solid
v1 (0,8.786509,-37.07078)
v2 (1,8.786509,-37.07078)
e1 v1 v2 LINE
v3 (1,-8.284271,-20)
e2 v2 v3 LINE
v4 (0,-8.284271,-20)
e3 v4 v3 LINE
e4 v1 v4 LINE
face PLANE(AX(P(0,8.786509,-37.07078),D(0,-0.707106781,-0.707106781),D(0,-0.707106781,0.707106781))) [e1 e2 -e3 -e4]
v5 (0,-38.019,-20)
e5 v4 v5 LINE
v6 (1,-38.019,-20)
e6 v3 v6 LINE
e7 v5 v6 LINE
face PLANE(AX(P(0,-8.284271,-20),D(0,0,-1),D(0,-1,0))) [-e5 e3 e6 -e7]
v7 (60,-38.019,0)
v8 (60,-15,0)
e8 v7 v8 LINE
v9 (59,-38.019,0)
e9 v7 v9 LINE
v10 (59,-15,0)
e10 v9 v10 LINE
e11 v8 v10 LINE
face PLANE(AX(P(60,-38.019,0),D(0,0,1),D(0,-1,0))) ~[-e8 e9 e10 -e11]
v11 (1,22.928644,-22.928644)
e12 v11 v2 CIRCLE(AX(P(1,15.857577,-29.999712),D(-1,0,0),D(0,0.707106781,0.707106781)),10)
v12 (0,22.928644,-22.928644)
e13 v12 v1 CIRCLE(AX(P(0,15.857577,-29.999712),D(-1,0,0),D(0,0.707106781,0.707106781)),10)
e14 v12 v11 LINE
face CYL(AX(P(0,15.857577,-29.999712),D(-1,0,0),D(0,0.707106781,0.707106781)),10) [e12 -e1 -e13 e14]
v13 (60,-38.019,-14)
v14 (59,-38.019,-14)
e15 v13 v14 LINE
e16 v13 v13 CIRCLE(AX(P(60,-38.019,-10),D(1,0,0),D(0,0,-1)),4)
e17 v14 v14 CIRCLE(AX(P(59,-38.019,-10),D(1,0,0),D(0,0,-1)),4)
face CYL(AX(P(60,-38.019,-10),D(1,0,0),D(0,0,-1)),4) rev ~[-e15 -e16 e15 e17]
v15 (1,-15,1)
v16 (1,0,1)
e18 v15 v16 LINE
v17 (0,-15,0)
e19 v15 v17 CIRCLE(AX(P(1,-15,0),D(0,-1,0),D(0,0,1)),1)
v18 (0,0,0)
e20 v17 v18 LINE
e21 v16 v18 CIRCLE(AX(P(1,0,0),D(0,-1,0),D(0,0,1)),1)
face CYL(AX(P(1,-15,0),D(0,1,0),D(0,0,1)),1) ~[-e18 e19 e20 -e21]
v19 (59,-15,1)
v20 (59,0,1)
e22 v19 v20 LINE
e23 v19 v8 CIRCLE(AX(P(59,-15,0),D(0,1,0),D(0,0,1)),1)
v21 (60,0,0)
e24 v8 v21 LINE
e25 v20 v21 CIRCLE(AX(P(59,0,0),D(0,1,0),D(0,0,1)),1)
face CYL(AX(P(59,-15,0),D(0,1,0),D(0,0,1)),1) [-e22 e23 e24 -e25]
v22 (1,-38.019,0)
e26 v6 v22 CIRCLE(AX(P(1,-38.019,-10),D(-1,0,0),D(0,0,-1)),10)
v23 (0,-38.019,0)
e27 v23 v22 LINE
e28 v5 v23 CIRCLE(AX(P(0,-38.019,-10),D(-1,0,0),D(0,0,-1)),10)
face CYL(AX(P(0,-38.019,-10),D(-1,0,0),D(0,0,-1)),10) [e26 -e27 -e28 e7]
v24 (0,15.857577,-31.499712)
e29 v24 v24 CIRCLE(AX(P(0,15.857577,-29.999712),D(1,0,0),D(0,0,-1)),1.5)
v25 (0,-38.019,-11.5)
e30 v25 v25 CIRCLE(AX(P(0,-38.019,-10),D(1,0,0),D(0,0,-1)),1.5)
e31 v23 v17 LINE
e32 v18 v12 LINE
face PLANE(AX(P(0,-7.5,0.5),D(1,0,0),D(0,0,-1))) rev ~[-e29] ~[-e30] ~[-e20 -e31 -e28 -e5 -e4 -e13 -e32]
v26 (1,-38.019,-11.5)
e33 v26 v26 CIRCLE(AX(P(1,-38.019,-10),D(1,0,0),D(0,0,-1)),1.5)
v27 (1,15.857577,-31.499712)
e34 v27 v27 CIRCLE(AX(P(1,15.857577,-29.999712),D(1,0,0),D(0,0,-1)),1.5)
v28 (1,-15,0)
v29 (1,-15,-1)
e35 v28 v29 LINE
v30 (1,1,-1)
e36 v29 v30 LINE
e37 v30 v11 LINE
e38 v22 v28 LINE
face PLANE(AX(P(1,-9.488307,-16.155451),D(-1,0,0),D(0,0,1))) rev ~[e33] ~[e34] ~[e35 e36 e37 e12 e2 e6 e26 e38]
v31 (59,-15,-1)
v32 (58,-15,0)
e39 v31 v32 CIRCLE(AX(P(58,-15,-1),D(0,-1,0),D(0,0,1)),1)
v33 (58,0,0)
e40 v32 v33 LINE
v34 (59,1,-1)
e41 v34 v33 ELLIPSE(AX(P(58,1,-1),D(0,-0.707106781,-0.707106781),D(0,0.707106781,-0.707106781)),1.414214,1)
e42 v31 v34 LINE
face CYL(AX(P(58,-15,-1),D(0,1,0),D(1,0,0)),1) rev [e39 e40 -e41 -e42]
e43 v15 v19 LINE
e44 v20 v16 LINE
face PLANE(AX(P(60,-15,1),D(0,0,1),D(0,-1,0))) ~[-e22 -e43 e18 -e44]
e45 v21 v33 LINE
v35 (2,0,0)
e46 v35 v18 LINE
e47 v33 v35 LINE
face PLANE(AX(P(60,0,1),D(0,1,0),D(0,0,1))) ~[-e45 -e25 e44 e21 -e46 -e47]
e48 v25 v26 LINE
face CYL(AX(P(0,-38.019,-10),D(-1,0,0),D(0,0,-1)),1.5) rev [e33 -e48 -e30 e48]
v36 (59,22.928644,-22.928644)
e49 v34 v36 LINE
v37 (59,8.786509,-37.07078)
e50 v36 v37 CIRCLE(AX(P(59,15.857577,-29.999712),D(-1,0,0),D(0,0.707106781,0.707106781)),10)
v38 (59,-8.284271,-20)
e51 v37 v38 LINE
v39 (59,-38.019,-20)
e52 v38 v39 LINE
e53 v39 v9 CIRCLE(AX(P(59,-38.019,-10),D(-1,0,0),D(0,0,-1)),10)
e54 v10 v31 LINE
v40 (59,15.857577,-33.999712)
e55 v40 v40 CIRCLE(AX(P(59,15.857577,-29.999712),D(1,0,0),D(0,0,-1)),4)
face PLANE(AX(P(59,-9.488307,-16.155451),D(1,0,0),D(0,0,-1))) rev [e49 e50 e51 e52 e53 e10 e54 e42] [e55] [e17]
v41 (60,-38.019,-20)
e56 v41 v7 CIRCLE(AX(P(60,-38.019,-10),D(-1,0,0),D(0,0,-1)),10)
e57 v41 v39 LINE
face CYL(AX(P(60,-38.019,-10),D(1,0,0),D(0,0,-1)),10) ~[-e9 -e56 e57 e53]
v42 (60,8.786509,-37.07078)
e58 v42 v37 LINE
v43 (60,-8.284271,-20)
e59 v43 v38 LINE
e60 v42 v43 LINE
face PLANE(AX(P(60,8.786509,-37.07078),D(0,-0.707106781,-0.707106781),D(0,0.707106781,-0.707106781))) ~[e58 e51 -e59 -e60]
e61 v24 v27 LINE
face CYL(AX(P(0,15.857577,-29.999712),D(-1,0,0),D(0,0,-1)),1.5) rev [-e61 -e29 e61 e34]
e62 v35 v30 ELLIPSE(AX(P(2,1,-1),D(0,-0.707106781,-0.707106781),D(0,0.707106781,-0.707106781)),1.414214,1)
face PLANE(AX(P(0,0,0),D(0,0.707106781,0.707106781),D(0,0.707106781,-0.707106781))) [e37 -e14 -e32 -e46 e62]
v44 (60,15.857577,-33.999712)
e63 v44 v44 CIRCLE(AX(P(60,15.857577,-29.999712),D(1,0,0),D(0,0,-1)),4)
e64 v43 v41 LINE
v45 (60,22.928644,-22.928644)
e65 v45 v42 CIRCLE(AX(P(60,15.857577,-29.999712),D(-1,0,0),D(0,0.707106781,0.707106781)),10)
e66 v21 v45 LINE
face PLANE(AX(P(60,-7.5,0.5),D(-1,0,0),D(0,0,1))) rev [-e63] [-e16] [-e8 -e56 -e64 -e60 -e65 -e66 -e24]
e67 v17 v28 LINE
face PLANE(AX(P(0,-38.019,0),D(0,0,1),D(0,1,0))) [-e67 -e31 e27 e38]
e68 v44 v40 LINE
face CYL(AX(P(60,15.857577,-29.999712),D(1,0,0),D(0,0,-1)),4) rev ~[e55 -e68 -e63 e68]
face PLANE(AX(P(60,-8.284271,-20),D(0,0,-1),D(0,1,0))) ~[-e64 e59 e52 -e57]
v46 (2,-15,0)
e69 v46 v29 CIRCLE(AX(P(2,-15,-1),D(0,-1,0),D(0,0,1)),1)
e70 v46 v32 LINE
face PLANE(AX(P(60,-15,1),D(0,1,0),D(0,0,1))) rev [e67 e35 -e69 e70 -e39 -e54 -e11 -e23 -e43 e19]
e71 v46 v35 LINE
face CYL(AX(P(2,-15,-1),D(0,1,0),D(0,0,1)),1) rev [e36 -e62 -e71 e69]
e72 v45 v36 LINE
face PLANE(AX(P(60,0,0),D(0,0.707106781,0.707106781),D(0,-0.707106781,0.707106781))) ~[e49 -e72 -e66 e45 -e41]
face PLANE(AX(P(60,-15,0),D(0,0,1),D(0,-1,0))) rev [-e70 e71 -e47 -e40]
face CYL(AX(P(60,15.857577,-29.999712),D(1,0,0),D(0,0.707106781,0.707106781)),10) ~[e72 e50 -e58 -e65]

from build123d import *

# Parameters (mm, degrees)
SKETCH1_R           = 1.5
BOSS_EXTRUDE1_DEPTH = 1
BOSS_EXTRUDE2_START = -1
SKETCH2_W           = 1
SKETCH2_H           = 15
BOSS_EXTRUDE2_DEPTH = 30
FILLET1_R           = 1
CUT_EXTRUDE1_REACH  = 62
SKETCH3_R           = 4


with BuildPart() as part:
    # Sketch1 → Boss-Extrude1 (new body)
    with BuildSketch(Plane(origin=(0, 0, 0), x_dir=(0, 0, -1), z_dir=(1, 0, 0))):
        with BuildLine():
            Line((0, 0), (22.928644487, 22.928644487))
            ThreePointArc((22.928644487, 22.928644487), (37.07078011, 22.928644487), (37.07078011, 8.786508863))
            Line((37.07078011, 8.786508863), (20, -8.284271247))
            Line((20, -8.284271247), (20, -38.019))
            ThreePointArc((20, -38.019), (10, -48.019), (0, -38.019))
            Line((0, -38.019), (0, 0))
        make_face()
        with Locations((29.999712299, 15.857576675)):
            Circle(SKETCH1_R, mode=Mode.SUBTRACT)
        with Locations((10, -38.019)):
            Circle(SKETCH1_R, mode=Mode.SUBTRACT)
    boss_extrude1 = extrude(amount=BOSS_EXTRUDE1_DEPTH)

    # Sketch2 → Boss-Extrude2 (add)
    with BuildSketch(Plane(origin=(1, 0, 0), x_dir=(0, 0, -1), z_dir=(1, 0, 0)).offset(BOSS_EXTRUDE2_START)):
        with Locations((-0.5, -7.5)):
            Rectangle(SKETCH2_W, SKETCH2_H)
    boss_extrude2 = extrude(amount=BOSS_EXTRUDE2_DEPTH)

    # Mirror2: Boss-Extrude1, Boss-Extrude2 across plane
    add(boss_extrude1.mirror(Plane.ZY.offset(-30)))
    add(boss_extrude2.mirror(Plane.ZY.offset(-30)))

    # Fillet1
    fillet1_edges = [part.edges().sort_by_distance(p)[0] for p in [
        (1, -7.5, 0),
        (59, -7.5, 0),
        (0, -7.5, 1),
        (60, -7.5, 1),
    ]]
    fillet(fillet1_edges, radius=FILLET1_R)

    # Sketch3 → Cut-Extrude1 (cut, up to next)
    with BuildSketch(Plane(origin=(60, 0, 0), x_dir=(0, 0, -1), z_dir=(1, 0, 0)), mode=Mode.PRIVATE) as cut_extrude1_sk1:
        with Locations((29.999712299, 15.857576675)):
            Circle(SKETCH3_R)
    cut_extrude1_tool1 = extrude(cut_extrude1_sk1.sketch, amount=-CUT_EXTRUDE1_REACH, mode=Mode.PRIVATE) & part.part
    add(cut_extrude1_tool1.solids().sort_by_distance((60, 15.857577, -29.999712))[0], mode=Mode.SUBTRACT)
    # Sketch3 → Cut-Extrude1 (cut, up to next)
    with BuildSketch(Plane(origin=(60, 0, 0), x_dir=(0, 0, -1), z_dir=(1, 0, 0)), mode=Mode.PRIVATE) as cut_extrude1_sk2:
        with Locations((10, -38.019)):
            Circle(SKETCH3_R)
    cut_extrude1_tool2 = extrude(cut_extrude1_sk2.sketch, amount=-CUT_EXTRUDE1_REACH, mode=Mode.PRIVATE) & part.part
    add(cut_extrude1_tool2.solids().sort_by_distance((60, -38.019, -10))[0], mode=Mode.SUBTRACT)


solid = part.part
